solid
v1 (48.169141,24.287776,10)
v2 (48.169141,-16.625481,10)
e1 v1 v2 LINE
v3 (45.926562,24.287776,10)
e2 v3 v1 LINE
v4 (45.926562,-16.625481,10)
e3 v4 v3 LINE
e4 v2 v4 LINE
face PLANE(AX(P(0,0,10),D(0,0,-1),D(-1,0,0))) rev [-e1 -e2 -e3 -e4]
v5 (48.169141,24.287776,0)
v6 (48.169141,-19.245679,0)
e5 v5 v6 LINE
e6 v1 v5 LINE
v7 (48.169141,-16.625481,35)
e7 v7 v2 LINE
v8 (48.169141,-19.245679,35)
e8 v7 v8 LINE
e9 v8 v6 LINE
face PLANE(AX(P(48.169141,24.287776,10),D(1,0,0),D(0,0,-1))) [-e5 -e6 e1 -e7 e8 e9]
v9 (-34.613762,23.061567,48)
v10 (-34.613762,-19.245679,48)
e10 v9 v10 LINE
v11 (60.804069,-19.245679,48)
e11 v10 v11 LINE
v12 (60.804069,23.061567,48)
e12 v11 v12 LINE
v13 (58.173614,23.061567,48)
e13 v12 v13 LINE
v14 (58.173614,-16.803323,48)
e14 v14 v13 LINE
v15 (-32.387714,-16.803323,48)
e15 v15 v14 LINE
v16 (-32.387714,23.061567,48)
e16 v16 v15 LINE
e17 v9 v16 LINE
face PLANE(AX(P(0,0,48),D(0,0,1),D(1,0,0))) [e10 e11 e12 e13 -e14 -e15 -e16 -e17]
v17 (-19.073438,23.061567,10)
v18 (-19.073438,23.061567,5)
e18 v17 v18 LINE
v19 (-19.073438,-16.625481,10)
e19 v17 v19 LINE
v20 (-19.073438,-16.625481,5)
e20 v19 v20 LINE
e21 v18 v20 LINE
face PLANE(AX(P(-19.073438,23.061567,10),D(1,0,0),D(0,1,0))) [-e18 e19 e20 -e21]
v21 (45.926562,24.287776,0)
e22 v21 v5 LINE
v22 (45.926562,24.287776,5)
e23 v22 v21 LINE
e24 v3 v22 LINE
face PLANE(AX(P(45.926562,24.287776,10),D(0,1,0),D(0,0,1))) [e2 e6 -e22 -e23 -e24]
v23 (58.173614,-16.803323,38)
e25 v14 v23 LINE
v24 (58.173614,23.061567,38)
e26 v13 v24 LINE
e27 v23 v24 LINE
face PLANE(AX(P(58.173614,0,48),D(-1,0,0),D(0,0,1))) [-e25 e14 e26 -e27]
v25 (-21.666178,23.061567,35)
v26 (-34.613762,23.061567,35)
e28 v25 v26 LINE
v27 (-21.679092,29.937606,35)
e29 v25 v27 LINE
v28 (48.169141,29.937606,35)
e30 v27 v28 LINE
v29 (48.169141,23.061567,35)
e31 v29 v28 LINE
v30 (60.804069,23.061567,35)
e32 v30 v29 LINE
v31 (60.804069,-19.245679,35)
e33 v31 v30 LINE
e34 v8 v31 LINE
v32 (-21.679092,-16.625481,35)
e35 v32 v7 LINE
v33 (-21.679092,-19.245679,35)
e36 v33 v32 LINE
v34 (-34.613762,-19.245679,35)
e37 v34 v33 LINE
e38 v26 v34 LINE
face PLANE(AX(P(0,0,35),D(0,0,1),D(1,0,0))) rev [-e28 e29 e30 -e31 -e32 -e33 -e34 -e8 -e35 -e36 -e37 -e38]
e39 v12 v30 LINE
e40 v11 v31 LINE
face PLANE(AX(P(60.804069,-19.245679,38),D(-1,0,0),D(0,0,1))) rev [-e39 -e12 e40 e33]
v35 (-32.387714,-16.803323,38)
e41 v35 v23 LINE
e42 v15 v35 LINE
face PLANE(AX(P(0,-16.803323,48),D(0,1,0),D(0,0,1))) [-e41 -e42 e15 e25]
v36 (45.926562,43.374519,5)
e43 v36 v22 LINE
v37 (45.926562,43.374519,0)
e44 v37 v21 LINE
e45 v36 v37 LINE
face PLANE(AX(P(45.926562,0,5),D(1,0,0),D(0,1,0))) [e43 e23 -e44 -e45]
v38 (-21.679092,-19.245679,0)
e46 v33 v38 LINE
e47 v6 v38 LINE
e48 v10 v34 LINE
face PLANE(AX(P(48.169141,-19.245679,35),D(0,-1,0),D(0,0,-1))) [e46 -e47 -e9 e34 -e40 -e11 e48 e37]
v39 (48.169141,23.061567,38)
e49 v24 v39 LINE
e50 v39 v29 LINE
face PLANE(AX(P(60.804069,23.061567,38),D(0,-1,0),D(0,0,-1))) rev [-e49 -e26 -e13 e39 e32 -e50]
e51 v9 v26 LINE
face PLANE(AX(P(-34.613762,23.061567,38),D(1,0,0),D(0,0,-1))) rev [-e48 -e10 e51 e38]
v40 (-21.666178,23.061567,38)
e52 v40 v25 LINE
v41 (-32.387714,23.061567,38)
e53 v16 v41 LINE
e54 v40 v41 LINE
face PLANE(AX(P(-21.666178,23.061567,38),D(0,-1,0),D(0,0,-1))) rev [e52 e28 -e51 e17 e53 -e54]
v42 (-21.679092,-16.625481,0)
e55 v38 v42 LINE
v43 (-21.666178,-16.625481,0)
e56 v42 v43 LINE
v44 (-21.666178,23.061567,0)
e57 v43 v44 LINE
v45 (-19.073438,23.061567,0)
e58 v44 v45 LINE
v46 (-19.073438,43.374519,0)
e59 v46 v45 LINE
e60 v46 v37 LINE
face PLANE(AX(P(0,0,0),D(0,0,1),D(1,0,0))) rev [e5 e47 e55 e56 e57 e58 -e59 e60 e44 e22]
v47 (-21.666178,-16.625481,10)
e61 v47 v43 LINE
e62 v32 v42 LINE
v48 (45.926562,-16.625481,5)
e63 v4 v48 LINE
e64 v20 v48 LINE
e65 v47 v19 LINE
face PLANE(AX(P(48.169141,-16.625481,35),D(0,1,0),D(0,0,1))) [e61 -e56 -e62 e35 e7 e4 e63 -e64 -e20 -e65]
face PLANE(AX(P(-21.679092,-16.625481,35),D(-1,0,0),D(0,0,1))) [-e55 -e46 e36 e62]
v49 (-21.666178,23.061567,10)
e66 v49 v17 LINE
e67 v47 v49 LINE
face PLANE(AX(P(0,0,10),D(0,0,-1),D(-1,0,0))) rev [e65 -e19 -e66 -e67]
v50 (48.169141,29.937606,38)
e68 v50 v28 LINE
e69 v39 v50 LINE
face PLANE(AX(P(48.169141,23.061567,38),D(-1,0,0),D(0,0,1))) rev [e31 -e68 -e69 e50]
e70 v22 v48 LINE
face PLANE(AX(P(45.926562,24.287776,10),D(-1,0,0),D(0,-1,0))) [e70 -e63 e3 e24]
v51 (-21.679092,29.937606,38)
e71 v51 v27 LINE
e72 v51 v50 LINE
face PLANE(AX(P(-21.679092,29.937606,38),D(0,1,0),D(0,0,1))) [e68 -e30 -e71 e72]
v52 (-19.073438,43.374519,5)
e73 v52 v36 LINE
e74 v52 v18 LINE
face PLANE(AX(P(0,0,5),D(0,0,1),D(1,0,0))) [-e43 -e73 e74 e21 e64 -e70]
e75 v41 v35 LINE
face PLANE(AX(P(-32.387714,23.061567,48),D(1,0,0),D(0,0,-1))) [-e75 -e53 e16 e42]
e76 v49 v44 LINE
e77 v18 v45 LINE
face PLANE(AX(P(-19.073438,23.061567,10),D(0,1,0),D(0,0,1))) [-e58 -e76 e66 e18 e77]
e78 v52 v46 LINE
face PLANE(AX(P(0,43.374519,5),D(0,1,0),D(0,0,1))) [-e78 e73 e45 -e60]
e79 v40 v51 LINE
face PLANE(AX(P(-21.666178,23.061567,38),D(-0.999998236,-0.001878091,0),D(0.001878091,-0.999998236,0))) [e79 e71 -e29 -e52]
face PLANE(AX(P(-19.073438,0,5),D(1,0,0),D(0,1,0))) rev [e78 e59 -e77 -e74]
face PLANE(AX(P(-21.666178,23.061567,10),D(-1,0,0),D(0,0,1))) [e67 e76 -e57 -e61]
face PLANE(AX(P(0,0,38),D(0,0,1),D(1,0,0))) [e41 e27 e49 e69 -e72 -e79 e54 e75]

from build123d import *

# Parameters (mm, degrees)
SKETCH_1_W      = 65
SKETCH_1_H      = 60
EXTRUDE_2_DEPTH = 5
SKETCH_2_W      = 2.242579202
SKETCH_2_H      = 40.913257232
EXTRUDE_3_DEPTH = 10
EXTRUDE_4_DEPTH = 10
SKETCH_4_W      = 69.848233062
SKETCH_4_H      = 2.620198038
EXTRUDE_6_DEPTH = 35
EXTRUDE_7_DEPTH = 3
EXTRUDE_9_DEPTH = 10


with BuildPart() as part:
    # 草图1 → 凸台-拉伸2 (new body)
    with BuildSketch(Plane.XY):
        with Locations((13.426561916, 13.374518887)):
            Rectangle(SKETCH_1_W, SKETCH_1_H)
    extrude(amount=EXTRUDE_2_DEPTH)

    # 草图2 → 凸台-拉伸3 (add)
    with BuildSketch(Plane(origin=(0, 0, 0), x_dir=(-1, 0, 0), z_dir=(0, 0, -1))):
        with Locations((-47.047851517, 3.831147503)):
            Rectangle(SKETCH_2_W, SKETCH_2_H)
    extrude(amount=-EXTRUDE_3_DEPTH)

    # 草图3 → 凸台-拉伸4 (add)
    with BuildSketch(Plane(origin=(0, 0, 0), x_dir=(-1, 0, 0), z_dir=(0, 0, -1))):
        Polygon((19.073438084, 23.061567441), (21.666178099, 23.061567441), (21.666178099, -16.667593717), (19.073438084, -16.625481113), align=None)
    extrude(amount=-EXTRUDE_4_DEPTH)

    # 草图4 → 凸台-拉伸6 (add)
    with BuildSketch(Plane(origin=(0, 0, 0), x_dir=(-1, 0, 0), z_dir=(0, 0, -1))):
        with Locations((-13.245024587, -17.935580132)):
            Rectangle(SKETCH_4_W, SKETCH_4_H)
    extrude(amount=-EXTRUDE_6_DEPTH)

    # 草图5 → 凸台-拉伸7 (add)
    with BuildSketch(Plane.XY.offset(35)):
        Polygon((-21.666178099, 23.061567441), (-34.613761508, 23.061567441), (-34.613761508, -19.245679151), (-21.679091944, -19.245679151), (48.169141118, -19.245679151), (60.804068806, -19.245679151), (60.804068806, 23.061567441), (48.169141118, 23.061567441), (48.169141118, 29.937605797), (-21.679091944, 29.937605797), align=None)
    extrude(amount=EXTRUDE_7_DEPTH)

    # 草图7 → 凸台-拉伸9 (add)
    with BuildSketch(Plane.XY.offset(38)):
        Polygon((-32.387714445, 23.061567441), (-34.613761508, 23.061567441), (-34.613761508, -19.245679151), (60.804068806, -19.245679151), (60.804068806, 23.061567441), (58.173614472, 23.061567441), (58.173614472, -16.803323091), (-32.387714445, -16.803323091), align=None)
    extrude(amount=EXTRUDE_9_DEPTH)


solid = part.part
